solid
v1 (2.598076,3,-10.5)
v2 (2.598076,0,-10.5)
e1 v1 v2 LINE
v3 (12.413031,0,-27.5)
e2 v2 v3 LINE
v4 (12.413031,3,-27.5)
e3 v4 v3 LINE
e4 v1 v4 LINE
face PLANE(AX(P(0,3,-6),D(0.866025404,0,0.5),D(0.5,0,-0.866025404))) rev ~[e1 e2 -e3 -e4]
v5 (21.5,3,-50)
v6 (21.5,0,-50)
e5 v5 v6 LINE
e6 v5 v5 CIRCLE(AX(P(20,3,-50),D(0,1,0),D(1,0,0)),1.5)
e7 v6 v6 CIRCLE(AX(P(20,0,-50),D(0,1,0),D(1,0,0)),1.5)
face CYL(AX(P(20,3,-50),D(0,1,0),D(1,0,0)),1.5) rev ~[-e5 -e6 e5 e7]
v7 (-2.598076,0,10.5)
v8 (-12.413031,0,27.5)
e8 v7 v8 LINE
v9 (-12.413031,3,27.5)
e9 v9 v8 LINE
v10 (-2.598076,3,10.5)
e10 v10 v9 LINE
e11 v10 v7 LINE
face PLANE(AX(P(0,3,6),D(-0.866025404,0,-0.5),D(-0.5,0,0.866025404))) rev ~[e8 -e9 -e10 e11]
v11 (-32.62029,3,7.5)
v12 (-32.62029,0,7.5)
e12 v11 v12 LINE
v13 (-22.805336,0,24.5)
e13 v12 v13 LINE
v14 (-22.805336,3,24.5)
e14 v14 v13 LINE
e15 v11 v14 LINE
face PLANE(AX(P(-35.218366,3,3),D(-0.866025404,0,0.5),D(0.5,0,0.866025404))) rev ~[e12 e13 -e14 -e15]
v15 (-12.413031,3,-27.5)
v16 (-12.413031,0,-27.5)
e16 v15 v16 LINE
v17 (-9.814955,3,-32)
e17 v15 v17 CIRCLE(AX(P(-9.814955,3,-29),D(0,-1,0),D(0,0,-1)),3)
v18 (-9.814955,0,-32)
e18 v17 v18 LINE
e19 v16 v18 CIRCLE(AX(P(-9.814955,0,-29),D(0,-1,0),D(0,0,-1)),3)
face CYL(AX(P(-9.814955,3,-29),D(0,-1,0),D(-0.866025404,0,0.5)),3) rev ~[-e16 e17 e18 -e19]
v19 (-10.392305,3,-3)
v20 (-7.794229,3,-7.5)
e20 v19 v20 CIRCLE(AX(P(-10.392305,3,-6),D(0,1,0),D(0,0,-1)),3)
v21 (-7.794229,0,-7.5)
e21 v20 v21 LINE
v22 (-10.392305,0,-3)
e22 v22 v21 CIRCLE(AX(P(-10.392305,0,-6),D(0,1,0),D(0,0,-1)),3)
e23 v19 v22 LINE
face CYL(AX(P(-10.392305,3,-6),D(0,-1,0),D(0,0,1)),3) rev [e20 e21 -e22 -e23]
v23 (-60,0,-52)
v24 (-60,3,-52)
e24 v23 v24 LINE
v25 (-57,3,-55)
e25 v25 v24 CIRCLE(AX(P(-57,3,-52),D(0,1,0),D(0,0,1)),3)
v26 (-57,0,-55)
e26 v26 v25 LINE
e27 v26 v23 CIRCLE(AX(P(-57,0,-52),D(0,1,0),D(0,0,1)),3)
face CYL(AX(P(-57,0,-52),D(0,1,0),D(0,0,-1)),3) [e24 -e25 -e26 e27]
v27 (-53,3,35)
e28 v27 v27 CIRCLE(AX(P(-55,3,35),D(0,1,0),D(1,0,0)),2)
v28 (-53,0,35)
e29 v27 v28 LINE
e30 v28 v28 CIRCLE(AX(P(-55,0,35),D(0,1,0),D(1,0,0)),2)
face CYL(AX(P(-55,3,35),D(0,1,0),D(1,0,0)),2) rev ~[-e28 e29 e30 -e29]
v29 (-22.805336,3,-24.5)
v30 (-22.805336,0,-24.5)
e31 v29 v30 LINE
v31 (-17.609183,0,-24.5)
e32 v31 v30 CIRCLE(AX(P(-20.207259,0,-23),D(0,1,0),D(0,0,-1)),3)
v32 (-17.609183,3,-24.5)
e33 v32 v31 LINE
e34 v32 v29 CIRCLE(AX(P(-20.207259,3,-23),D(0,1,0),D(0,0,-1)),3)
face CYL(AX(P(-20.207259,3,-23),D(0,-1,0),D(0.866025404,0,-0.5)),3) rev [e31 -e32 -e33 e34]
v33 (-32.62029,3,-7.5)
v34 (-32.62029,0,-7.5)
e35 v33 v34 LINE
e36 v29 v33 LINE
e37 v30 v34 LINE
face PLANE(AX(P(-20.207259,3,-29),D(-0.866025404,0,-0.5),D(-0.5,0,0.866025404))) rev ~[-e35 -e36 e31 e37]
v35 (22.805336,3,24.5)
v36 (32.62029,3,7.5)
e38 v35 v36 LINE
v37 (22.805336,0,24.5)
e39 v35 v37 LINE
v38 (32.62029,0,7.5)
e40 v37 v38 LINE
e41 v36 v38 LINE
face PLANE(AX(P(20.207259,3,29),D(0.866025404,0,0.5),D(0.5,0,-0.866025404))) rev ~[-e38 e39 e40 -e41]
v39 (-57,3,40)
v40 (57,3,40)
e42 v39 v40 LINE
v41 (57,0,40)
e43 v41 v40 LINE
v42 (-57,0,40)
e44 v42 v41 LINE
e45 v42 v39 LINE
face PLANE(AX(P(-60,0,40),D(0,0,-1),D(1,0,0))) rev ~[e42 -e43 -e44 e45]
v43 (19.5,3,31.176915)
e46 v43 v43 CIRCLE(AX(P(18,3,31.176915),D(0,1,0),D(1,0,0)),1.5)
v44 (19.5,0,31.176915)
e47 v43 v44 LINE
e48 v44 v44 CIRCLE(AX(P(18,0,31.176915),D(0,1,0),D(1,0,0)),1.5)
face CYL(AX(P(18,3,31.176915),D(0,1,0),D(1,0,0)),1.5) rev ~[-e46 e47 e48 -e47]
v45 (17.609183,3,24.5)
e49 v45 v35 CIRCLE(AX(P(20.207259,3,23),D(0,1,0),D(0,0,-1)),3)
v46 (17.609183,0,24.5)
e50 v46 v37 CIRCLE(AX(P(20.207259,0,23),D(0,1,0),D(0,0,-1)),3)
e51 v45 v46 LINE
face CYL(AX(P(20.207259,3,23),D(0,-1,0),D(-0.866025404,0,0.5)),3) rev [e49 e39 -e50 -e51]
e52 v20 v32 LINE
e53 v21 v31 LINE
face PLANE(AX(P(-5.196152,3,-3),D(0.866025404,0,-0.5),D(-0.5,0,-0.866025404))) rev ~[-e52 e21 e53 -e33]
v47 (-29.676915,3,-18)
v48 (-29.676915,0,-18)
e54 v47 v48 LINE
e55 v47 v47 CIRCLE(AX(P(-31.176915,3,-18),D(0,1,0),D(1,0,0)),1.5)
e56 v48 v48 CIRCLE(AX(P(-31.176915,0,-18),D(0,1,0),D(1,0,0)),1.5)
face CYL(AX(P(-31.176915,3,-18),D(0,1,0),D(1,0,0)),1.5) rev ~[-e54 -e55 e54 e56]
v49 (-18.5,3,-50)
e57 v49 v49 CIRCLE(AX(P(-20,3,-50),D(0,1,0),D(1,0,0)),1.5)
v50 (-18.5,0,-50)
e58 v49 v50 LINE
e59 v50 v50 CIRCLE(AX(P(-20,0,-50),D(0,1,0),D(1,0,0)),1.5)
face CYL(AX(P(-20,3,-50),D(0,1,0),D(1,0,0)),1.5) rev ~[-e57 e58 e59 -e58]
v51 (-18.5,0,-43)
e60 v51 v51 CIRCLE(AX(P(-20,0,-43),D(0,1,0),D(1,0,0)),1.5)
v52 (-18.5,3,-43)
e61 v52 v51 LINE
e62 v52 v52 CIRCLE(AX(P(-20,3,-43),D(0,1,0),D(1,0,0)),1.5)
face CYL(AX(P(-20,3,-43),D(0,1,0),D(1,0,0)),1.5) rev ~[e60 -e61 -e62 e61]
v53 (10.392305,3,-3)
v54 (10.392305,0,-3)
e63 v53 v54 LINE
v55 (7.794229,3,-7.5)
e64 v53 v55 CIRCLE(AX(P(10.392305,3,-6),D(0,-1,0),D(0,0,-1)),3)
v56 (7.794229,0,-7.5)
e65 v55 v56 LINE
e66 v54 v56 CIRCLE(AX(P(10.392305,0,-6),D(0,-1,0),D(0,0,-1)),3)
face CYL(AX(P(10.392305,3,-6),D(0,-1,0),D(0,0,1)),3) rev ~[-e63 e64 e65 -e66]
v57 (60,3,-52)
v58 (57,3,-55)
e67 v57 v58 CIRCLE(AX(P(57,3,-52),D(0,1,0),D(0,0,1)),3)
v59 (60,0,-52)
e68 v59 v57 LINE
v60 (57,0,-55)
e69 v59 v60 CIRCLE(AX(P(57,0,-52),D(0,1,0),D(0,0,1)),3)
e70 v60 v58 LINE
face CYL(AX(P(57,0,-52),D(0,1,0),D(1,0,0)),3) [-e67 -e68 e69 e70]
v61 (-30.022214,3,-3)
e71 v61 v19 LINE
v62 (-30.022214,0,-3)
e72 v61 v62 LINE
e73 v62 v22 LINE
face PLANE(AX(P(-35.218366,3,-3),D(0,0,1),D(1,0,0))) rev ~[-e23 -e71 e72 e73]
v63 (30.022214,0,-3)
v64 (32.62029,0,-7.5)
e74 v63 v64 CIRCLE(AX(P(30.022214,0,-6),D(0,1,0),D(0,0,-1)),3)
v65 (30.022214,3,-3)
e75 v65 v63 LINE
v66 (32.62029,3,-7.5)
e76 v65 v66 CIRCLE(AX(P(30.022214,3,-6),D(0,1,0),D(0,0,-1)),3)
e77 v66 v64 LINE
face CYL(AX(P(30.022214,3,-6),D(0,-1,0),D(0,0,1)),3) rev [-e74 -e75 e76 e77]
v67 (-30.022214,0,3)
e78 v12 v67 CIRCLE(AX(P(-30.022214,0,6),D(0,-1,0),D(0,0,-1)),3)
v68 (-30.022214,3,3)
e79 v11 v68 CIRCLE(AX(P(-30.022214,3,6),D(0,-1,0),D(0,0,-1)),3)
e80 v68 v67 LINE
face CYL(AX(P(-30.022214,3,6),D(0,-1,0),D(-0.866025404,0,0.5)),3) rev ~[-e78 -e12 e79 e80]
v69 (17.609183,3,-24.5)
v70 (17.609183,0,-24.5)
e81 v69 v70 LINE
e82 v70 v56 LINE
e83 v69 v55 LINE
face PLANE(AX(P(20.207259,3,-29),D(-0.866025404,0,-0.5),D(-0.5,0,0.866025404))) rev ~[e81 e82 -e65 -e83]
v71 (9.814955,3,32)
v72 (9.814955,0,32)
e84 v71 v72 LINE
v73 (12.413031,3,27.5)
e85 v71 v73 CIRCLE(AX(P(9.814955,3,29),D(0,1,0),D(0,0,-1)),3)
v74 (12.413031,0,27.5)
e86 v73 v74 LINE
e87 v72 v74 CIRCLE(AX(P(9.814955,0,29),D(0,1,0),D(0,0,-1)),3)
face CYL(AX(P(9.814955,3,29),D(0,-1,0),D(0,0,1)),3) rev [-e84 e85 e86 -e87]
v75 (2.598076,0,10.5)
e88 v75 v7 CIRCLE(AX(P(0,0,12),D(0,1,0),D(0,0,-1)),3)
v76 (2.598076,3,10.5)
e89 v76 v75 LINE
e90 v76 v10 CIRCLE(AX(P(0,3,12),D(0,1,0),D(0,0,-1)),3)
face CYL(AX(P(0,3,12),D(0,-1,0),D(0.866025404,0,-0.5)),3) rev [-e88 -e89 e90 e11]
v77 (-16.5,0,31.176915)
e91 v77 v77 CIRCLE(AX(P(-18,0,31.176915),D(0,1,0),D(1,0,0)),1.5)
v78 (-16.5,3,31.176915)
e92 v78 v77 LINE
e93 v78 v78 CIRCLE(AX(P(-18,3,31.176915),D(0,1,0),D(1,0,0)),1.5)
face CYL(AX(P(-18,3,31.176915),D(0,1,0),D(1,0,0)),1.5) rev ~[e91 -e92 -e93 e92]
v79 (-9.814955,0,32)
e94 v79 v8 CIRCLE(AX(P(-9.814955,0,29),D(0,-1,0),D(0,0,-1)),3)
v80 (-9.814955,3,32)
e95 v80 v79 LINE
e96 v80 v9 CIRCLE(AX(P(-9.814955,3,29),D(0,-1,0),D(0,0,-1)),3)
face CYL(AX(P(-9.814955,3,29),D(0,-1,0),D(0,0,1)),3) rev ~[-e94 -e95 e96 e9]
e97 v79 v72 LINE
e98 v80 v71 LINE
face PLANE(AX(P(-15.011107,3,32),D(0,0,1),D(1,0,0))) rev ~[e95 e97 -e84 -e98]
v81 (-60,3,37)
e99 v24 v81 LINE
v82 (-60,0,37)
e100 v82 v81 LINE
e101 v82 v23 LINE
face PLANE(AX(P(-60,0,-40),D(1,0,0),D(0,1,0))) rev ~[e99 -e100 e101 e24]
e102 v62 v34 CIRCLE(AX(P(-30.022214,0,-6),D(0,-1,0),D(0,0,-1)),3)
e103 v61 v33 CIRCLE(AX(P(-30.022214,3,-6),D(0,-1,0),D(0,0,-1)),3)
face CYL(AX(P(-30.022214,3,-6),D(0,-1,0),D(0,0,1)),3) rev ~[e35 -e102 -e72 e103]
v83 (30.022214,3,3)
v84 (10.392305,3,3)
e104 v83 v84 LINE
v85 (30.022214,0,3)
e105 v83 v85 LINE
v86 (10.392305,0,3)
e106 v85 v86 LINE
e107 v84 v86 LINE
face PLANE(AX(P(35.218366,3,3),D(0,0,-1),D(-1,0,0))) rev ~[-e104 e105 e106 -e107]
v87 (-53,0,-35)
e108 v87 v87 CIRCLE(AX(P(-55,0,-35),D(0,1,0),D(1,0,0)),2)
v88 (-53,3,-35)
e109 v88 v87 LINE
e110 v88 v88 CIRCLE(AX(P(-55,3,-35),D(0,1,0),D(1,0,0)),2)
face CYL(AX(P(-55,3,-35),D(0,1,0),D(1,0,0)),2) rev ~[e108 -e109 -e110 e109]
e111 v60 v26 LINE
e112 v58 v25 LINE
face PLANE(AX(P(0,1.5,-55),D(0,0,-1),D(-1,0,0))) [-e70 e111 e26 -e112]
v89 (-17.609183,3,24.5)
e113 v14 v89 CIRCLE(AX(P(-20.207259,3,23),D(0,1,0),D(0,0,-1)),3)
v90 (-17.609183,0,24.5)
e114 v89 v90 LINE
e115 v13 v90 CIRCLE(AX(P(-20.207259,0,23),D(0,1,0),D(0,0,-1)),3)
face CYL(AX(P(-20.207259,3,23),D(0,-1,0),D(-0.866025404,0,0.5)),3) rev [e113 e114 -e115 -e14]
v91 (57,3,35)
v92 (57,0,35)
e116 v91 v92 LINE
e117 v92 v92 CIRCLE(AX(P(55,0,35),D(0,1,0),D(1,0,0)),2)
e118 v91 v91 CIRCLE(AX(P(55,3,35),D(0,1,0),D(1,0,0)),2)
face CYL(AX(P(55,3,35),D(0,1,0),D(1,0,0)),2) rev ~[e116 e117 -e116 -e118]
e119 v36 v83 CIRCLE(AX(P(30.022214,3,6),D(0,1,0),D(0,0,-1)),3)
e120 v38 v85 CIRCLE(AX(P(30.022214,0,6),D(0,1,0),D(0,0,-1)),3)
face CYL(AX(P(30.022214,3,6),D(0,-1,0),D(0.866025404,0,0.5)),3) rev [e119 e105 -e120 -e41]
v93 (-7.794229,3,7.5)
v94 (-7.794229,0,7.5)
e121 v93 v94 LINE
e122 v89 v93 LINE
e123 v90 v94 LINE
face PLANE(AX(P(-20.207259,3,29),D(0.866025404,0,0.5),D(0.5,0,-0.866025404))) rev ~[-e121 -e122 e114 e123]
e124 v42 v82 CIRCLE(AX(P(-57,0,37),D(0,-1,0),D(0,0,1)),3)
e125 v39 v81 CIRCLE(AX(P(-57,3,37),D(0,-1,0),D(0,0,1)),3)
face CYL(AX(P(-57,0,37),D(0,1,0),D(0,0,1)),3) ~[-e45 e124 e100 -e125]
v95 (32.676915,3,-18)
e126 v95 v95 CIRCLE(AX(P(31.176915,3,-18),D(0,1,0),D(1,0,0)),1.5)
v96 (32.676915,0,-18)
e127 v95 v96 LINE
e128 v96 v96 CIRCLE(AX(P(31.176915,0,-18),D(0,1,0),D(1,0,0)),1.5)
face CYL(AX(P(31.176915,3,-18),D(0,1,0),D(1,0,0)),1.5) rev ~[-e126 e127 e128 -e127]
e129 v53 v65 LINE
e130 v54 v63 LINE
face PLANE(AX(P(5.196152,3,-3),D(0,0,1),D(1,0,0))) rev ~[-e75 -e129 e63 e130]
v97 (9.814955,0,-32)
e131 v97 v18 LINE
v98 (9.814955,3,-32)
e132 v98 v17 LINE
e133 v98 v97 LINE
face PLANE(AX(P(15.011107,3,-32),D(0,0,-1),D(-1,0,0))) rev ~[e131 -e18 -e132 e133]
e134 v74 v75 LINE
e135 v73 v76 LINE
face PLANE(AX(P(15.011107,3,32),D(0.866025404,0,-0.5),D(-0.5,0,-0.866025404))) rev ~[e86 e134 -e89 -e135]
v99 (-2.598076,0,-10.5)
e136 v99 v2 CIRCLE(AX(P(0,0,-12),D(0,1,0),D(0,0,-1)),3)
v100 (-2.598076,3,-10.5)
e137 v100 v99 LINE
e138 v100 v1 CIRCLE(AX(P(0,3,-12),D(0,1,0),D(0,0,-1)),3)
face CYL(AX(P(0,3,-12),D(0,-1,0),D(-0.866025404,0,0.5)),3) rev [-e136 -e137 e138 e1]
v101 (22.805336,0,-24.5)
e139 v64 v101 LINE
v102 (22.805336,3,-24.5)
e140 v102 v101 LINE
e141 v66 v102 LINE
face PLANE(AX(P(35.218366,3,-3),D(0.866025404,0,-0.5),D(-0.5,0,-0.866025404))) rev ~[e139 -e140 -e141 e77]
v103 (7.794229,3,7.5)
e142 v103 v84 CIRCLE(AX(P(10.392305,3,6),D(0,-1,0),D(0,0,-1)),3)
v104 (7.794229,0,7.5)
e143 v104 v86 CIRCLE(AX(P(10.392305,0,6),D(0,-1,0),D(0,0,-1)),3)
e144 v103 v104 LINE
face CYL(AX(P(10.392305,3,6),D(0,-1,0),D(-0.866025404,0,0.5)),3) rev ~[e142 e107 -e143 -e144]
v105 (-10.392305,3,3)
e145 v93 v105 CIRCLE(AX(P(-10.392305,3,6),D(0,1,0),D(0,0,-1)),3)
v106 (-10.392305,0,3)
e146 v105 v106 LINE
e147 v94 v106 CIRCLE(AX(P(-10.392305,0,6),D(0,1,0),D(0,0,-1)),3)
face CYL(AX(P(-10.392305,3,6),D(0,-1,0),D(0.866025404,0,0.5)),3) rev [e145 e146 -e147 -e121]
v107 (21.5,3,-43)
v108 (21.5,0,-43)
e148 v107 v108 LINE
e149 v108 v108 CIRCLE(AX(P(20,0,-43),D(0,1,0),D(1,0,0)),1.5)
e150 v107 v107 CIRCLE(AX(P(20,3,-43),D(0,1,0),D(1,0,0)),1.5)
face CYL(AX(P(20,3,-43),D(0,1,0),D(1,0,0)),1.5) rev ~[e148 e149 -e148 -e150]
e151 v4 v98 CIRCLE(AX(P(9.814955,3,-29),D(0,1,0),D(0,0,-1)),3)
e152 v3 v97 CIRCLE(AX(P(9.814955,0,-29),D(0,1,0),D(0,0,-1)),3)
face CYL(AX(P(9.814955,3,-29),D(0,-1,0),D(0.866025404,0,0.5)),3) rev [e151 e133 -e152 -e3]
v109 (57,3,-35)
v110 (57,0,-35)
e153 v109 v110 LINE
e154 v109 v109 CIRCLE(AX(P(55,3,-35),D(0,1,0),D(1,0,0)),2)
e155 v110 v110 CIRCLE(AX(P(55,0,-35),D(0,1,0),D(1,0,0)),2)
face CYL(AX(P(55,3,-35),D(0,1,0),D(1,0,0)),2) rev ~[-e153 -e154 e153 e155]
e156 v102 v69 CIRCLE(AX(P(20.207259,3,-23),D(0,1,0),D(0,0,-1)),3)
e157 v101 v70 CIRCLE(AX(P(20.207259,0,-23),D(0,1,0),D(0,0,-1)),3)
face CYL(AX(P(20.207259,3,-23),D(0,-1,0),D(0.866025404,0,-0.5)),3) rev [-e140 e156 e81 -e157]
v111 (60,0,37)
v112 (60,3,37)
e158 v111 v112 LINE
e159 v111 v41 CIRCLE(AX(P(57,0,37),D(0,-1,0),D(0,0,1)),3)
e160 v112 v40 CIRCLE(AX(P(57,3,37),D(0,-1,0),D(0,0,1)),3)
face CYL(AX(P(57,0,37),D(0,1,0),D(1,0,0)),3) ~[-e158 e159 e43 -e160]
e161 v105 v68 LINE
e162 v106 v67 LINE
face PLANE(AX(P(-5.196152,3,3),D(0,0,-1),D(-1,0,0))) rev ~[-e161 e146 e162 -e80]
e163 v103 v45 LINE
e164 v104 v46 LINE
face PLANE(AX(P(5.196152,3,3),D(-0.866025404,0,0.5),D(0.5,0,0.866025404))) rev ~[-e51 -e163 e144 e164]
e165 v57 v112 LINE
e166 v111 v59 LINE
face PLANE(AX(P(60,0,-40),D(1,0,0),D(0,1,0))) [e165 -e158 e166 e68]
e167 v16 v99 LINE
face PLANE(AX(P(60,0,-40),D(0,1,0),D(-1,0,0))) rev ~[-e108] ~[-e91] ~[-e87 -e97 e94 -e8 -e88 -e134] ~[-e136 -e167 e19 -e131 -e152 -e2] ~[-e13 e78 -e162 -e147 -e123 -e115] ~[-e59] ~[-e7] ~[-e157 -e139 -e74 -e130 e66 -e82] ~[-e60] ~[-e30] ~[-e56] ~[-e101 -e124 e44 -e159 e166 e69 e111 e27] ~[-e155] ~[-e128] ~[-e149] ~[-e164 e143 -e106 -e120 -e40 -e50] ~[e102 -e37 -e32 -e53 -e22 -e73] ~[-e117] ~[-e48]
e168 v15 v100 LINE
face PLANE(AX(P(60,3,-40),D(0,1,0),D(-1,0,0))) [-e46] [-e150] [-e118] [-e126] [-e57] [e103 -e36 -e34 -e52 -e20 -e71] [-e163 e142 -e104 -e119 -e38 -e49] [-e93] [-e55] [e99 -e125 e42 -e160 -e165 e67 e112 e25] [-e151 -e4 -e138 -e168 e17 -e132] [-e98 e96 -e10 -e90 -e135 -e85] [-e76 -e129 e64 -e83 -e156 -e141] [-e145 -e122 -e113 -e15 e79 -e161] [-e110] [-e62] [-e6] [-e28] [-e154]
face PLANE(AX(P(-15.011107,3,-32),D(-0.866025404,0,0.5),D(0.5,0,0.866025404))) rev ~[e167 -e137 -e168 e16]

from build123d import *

# Parameters (mm, degrees)
SKETCH_1_W          = 120
SKETCH_1_H          = 80
EXTRUDE_1_DEPTH     = 3
SKETCH_3_R          = 1.5
CUT_EXTRUDE_2_DEPTH = 4
SKETCH_4_R          = 2
CUT_EXTRUDE_3_DEPTH = 4
SKETCH_5_W          = 120
SKETCH_5_H          = 3
EXTRUDE_2_DEPTH     = 15
CUT_EXTRUDE_4_DEPTH = 15
FILLET_1_R          = 3
SKETCH_7_R          = 1.5
CUT_EXTRUDE_5_DEPTH = 4
FILLET_2_R          = 3


with BuildPart() as part:
    # 草图1 → 凸台-拉伸1 (new body)
    with BuildSketch(Plane(origin=(0, 0, 0), x_dir=(1, 0, 0), z_dir=(0, 1, 0))):
        Rectangle(SKETCH_1_W, SKETCH_1_H)
    extrude(amount=EXTRUDE_1_DEPTH)

    # 草图3 → 切除-拉伸2 (cut, through all)
    with BuildSketch(Plane(origin=(0, 3, 0), x_dir=(1, 0, 0), z_dir=(0, 1, 0))):
        with Locations((-31.176914536, 18)):
            Circle(SKETCH_3_R)
        with Locations((31.176914536, 18)):
            Circle(SKETCH_3_R)
        with Locations((-18, -31.176914536)):
            Circle(SKETCH_3_R)
        with Locations((18, -31.176914536)):
            Circle(SKETCH_3_R)
    extrude(amount=-CUT_EXTRUDE_2_DEPTH, mode=Mode.SUBTRACT)

    # 草图4 → 切除-拉伸3 (cut, through all)
    with BuildSketch(Plane(origin=(0, 3, 0), x_dir=(1, 0, 0), z_dir=(0, 1, 0))):
        with Locations((-55, 35)):
            Circle(SKETCH_4_R)
        with Locations((55, 35)):
            Circle(SKETCH_4_R)
        with Locations((55, -35)):
            Circle(SKETCH_4_R)
        with Locations((-55, -35)):
            Circle(SKETCH_4_R)
    extrude(amount=-CUT_EXTRUDE_3_DEPTH, mode=Mode.SUBTRACT)

    # 草图5 → 凸台-拉伸2 (add)
    with BuildSketch(Plane(origin=(0, 0, -40), x_dir=(-1, 0, 0), z_dir=(0, 0, -1))):
        with Locations((0, 1.5)):
            Rectangle(SKETCH_5_W, SKETCH_5_H)
    extrude(amount=EXTRUDE_2_DEPTH)

    # 草图6 → 切除-拉伸4 (cut)
    with BuildSketch(Plane(origin=(0, 3, 0), x_dir=(1, 0, 0), z_dir=(0, 1, 0))):
        Polygon((-15.011106999, 32), (0, 6), (15.011106999, 32), align=None)
        Polygon((5.196152423, 3), (35.218366421, 3), (20.207259422, 29), align=None)
        Polygon((5.196152423, -3), (20.207259422, -29), (35.218366421, -3), align=None)
        Polygon((-15.011106999, -32), (15.011106999, -32), (0, -6), align=None)
        Polygon((-35.218366421, -3), (-20.207259422, -29), (-5.196152423, -3), align=None)
        Polygon((-35.218366421, 3), (-5.196152423, 3), (-20.207259422, 29), align=None)
    extrude(amount=-CUT_EXTRUDE_4_DEPTH, mode=Mode.SUBTRACT)

    # 圆角1
    fillet_1_edges = [part.edges().sort_by_distance(p)[0] for p in [
        (35.218366421, 1.5, -3),
        (5.196152423, 1.5, -3),
        (20.207259422, 1.5, -29),
        (-20.207259422, 1.5, -29),
        (-5.196152423, 1.5, -3),
        (-35.218366421, 1.5, -3),
        (15.011106999, 1.5, -32),
        (0, 1.5, -6),
        (-15.011106999, 1.5, -32),
        (-15.011106999, 1.5, 32),
        (0, 1.5, 6),
        (15.011106999, 1.5, 32),
        (-35.218366421, 1.5, 3),
        (-5.196152423, 1.5, 3),
        (-20.207259422, 1.5, 29),
        (20.207259422, 1.5, 29),
        (5.196152423, 1.5, 3),
        (35.218366421, 1.5, 3),
    ]]
    fillet(fillet_1_edges, radius=FILLET_1_R)

    # 草图7 → 切除-拉伸5 (cut, through all)
    with BuildSketch(Plane(origin=(0, 3, 0), x_dir=(1, 0, 0), z_dir=(0, 1, 0))):
        with Locations((-20, 50)):
            Circle(SKETCH_7_R)
        with Locations((20, 50)):
            Circle(SKETCH_7_R)
        with Locations((-20, 43)):
            Circle(SKETCH_7_R)
        with Locations((20, 43)):
            Circle(SKETCH_7_R)
    extrude(amount=-CUT_EXTRUDE_5_DEPTH, mode=Mode.SUBTRACT)

    # 圆角2
    fillet_2_edges = [part.edges().sort_by_distance(p)[0] for p in [
        (60, 1.5, -55),
        (-60, 1.5, -55),
        (60, 1.5, 40),
        (-60, 1.5, 40),
    ]]
    fillet(fillet_2_edges, radius=FILLET_2_R)


solid = part.part
